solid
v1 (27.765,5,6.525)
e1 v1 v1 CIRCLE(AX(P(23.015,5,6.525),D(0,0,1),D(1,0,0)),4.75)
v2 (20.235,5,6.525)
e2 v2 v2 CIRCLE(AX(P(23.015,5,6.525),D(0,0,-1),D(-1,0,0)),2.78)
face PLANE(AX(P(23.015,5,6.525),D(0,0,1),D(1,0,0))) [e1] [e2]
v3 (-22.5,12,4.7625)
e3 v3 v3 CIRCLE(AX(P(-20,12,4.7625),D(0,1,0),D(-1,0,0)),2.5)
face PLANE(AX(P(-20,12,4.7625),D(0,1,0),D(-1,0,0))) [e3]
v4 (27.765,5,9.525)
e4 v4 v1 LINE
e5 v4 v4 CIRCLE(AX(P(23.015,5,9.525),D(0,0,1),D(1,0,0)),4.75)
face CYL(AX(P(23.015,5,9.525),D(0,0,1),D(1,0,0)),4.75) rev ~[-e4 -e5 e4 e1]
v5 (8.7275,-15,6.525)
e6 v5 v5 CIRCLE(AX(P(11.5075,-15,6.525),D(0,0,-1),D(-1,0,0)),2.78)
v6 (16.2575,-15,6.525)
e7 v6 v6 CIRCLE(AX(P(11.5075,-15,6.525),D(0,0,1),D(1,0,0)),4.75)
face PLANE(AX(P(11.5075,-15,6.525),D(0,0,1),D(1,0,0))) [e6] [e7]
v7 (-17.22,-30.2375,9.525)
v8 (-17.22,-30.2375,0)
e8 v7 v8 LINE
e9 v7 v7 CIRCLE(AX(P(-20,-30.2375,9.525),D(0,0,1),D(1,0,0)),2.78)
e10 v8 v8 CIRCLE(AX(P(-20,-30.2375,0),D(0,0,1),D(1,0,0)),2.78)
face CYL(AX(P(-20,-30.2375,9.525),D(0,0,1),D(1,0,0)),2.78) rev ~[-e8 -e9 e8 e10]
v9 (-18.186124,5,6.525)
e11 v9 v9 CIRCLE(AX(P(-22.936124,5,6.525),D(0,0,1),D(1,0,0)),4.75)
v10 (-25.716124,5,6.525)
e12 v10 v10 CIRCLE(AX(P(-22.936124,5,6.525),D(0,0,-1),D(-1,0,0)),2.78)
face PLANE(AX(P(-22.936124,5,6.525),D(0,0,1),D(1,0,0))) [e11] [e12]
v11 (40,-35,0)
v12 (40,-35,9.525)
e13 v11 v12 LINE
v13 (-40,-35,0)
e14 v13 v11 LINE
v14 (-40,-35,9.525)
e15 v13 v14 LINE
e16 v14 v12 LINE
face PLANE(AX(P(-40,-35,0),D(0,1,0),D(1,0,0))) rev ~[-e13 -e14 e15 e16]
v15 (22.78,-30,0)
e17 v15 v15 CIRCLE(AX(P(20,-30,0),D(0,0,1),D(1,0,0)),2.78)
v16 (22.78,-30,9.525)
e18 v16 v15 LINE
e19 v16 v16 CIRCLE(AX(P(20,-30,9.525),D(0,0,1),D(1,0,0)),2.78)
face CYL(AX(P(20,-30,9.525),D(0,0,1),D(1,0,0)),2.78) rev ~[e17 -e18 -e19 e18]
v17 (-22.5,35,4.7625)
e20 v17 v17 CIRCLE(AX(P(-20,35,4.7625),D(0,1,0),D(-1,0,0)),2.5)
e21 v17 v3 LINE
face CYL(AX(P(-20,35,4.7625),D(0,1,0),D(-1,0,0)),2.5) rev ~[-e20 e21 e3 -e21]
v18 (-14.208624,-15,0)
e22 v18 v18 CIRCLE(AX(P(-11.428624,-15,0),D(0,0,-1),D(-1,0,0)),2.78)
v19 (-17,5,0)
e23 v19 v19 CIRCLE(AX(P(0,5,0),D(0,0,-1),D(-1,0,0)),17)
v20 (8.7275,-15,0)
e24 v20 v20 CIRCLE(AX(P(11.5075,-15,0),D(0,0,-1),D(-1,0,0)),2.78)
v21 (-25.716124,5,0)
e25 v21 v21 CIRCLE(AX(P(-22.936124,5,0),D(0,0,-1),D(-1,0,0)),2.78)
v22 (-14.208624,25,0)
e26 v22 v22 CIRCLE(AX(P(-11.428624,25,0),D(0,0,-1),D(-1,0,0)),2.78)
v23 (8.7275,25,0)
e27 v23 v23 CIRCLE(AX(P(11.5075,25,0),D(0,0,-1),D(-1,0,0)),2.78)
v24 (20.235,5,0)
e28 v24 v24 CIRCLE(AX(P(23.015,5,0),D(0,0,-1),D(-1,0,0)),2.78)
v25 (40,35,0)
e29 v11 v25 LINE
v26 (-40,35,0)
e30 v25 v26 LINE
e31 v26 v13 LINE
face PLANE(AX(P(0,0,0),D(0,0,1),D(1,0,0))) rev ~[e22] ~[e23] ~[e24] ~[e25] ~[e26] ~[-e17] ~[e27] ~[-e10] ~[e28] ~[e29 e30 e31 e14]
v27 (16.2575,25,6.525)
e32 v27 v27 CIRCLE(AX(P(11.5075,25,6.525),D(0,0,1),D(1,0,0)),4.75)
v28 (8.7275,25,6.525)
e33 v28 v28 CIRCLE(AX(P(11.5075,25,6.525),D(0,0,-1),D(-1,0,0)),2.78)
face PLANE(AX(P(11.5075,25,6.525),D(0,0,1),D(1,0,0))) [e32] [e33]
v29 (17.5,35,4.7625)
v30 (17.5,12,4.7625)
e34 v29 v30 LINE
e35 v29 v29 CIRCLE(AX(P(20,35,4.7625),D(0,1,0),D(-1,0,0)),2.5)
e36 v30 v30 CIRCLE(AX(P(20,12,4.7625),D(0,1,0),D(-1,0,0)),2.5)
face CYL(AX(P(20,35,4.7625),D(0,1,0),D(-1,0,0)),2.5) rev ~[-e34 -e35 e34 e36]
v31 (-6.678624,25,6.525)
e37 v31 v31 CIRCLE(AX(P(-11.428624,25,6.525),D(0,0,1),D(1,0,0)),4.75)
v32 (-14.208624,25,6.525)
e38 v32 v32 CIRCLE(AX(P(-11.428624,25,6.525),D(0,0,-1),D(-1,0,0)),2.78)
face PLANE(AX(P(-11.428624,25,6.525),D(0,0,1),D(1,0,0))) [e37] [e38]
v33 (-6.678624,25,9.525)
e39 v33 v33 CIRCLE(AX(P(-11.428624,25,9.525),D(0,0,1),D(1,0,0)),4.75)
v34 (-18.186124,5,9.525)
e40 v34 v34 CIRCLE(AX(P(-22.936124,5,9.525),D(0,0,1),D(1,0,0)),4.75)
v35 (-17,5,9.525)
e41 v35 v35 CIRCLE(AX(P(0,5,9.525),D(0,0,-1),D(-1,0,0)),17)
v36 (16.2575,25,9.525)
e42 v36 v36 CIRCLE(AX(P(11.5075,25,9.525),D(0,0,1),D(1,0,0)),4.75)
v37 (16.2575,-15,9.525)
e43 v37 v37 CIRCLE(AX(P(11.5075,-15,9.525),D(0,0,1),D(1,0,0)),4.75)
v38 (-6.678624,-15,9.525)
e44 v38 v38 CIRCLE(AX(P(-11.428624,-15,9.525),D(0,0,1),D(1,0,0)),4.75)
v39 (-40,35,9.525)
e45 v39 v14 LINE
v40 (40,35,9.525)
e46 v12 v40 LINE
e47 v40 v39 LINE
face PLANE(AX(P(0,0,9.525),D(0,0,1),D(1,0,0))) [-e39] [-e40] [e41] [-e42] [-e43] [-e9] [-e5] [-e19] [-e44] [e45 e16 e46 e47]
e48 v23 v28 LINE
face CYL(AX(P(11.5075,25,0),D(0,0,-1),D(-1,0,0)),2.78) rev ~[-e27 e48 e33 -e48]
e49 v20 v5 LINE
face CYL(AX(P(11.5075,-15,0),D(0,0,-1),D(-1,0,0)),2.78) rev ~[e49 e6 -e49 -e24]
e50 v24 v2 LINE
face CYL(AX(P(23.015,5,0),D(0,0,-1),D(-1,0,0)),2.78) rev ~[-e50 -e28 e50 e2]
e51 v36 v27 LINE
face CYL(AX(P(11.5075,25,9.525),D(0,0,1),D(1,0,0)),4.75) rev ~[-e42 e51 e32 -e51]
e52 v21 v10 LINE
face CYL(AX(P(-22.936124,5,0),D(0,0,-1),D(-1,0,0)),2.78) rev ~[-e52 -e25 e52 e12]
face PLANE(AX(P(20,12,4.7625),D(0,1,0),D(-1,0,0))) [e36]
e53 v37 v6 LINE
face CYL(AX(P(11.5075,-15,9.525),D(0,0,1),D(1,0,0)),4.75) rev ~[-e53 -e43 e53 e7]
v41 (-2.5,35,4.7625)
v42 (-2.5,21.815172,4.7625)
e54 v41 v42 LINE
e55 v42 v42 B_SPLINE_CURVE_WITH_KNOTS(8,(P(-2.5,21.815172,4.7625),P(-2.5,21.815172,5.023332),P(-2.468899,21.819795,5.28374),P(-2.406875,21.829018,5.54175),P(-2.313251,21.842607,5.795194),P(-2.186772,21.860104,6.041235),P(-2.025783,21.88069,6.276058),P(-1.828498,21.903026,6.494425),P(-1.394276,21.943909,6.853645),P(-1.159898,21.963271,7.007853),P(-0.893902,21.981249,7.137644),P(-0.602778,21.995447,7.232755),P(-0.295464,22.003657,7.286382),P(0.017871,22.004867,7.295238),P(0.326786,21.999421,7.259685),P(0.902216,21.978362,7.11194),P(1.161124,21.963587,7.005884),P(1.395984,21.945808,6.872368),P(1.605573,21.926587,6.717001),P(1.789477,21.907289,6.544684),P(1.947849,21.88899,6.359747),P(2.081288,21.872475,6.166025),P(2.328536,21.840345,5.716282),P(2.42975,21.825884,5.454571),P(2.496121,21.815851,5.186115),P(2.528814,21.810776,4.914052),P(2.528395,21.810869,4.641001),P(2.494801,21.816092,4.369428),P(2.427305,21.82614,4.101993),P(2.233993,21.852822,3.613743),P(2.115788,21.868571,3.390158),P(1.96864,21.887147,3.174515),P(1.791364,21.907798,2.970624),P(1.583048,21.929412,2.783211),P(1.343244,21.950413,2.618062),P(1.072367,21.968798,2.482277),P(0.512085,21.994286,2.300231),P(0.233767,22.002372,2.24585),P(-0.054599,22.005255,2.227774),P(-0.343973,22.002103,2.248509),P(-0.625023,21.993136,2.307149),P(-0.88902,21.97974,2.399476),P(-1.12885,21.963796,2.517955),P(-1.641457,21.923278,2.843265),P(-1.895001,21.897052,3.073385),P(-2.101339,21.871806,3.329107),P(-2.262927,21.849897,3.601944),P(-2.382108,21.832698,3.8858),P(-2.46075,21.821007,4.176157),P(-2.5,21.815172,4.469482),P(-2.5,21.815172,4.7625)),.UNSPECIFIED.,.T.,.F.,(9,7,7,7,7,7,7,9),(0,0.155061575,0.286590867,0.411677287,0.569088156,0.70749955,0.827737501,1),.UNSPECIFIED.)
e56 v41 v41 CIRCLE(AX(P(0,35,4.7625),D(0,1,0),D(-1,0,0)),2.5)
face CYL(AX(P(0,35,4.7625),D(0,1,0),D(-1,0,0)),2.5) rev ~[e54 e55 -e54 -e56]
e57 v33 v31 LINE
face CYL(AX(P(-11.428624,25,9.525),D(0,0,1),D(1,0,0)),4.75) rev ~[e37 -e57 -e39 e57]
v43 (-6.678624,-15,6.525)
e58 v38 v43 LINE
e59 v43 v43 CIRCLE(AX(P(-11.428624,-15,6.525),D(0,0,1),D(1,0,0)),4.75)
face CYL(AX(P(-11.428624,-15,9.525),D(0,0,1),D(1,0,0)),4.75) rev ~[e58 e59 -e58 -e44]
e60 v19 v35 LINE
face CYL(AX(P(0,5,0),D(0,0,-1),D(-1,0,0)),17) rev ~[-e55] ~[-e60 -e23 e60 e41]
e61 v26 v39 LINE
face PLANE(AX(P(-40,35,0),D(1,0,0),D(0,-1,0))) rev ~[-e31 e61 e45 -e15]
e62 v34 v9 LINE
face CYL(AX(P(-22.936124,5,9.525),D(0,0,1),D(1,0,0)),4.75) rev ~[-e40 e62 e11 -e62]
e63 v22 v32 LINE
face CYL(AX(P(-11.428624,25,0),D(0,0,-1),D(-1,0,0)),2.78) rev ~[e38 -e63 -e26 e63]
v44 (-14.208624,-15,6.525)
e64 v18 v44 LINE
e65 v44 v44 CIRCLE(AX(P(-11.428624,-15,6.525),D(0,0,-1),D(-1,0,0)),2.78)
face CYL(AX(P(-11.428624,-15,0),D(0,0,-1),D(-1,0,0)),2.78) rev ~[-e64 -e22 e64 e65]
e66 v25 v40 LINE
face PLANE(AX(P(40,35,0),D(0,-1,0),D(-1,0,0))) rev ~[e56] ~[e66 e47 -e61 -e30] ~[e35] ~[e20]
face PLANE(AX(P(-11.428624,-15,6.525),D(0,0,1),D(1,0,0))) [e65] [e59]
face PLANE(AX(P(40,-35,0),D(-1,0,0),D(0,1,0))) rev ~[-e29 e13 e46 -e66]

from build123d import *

# Parameters (mm, degrees)
RESSALTO_EXTRUS_O1_DEPTH = 9.525
ESBO_O3_R                = 2.5
CORTE_EXTRUS_O1_DEPTH    = 23
ESBO_O11_R               = 2.78
CORTE_EXTRUS_O4_DEPTH    = 9.525
ESBO_O13_R               = 17
CORTE_EXTRUS_O5_DEPTH    = 10
ESBO_O14_R               = 2.78
CORTE_EXTRUS_O6_DEPTH    = 9.525
ESBO_O16_R               = 4.75
CORTE_EXTRUS_O9_DEPTH    = 3


with BuildPart() as part:
    # Esboço2 → Ressalto-extrusão1 (new body)
    with BuildSketch(Plane.XY):
        Polygon((-40, 35), (-40, 0), (-40, -35), (40, -35), (40, 0), (40, 35), align=None)
    extrude(amount=RESSALTO_EXTRUS_O1_DEPTH)

    # Esboço3 → Corte-extrusão1 (cut)
    with BuildSketch(Plane(origin=(0, 35, 0), x_dir=(-1, 0, 0), z_dir=(0, 1, 0))):
        with Locations((20, 4.7625)):
            Circle(ESBO_O3_R)
        with Locations((0, 4.7625)):
            Circle(ESBO_O3_R)
        with Locations((-20, 4.7625)):
            Circle(ESBO_O3_R)
    extrude(amount=-CORTE_EXTRUS_O1_DEPTH, mode=Mode.SUBTRACT)

    # Esboço11 → Corte-extrusão4 (cut)
    with BuildSketch(Plane.XY.offset(9.525)):
        with Locations((-20, -30.2375)):
            Circle(ESBO_O11_R)
        with Locations((20, -30)):
            Circle(ESBO_O11_R)
    extrude(amount=-CORTE_EXTRUS_O4_DEPTH, mode=Mode.SUBTRACT)

    # Esboço13 → Corte-extrusão5 (cut)
    with BuildSketch(Plane(origin=(0, 0, 0), x_dir=(-1, 0, 0), z_dir=(0, 0, -1))):
        with Locations((0, 5)):
            Circle(ESBO_O13_R)
    extrude(amount=-CORTE_EXTRUS_O5_DEPTH, mode=Mode.SUBTRACT)

    # Esboço14 → Corte-extrusão6 (cut)
    with BuildSketch(Plane(origin=(0, 0, 0), x_dir=(-1, 0, 0), z_dir=(0, 0, -1))):
        with Locations((-23.015, 5)):
            Circle(ESBO_O14_R)
        with Locations((-11.5075, -15)):
            Circle(ESBO_O14_R)
        with Locations((-11.5075, 25)):
            Circle(ESBO_O14_R)
        with Locations((11.428624391, 25)):
            Circle(ESBO_O14_R)
        with Locations((22.936124391, 5)):
            Circle(ESBO_O14_R)
        with Locations((11.428624391, -15)):
            Circle(ESBO_O14_R)
    extrude(amount=-CORTE_EXTRUS_O6_DEPTH, mode=Mode.SUBTRACT)

    # Esboço16 → Corte-extrusão9 (cut)
    with BuildSketch(Plane.XY.offset(9.525)):
        with Locations((-22.936124391, 5)):
            Circle(ESBO_O16_R)
        with Locations((-11.428624391, 25)):
            Circle(ESBO_O16_R)
        with Locations((11.5075, 25)):
            Circle(ESBO_O16_R)
        with Locations((23.015, 5)):
            Circle(ESBO_O16_R)
        with Locations((11.5075, -15)):
            Circle(ESBO_O16_R)
        with Locations((-11.428624391, -15)):
            Circle(ESBO_O16_R)
    extrude(amount=-CORTE_EXTRUS_O9_DEPTH, mode=Mode.SUBTRACT)


solid = part.part
